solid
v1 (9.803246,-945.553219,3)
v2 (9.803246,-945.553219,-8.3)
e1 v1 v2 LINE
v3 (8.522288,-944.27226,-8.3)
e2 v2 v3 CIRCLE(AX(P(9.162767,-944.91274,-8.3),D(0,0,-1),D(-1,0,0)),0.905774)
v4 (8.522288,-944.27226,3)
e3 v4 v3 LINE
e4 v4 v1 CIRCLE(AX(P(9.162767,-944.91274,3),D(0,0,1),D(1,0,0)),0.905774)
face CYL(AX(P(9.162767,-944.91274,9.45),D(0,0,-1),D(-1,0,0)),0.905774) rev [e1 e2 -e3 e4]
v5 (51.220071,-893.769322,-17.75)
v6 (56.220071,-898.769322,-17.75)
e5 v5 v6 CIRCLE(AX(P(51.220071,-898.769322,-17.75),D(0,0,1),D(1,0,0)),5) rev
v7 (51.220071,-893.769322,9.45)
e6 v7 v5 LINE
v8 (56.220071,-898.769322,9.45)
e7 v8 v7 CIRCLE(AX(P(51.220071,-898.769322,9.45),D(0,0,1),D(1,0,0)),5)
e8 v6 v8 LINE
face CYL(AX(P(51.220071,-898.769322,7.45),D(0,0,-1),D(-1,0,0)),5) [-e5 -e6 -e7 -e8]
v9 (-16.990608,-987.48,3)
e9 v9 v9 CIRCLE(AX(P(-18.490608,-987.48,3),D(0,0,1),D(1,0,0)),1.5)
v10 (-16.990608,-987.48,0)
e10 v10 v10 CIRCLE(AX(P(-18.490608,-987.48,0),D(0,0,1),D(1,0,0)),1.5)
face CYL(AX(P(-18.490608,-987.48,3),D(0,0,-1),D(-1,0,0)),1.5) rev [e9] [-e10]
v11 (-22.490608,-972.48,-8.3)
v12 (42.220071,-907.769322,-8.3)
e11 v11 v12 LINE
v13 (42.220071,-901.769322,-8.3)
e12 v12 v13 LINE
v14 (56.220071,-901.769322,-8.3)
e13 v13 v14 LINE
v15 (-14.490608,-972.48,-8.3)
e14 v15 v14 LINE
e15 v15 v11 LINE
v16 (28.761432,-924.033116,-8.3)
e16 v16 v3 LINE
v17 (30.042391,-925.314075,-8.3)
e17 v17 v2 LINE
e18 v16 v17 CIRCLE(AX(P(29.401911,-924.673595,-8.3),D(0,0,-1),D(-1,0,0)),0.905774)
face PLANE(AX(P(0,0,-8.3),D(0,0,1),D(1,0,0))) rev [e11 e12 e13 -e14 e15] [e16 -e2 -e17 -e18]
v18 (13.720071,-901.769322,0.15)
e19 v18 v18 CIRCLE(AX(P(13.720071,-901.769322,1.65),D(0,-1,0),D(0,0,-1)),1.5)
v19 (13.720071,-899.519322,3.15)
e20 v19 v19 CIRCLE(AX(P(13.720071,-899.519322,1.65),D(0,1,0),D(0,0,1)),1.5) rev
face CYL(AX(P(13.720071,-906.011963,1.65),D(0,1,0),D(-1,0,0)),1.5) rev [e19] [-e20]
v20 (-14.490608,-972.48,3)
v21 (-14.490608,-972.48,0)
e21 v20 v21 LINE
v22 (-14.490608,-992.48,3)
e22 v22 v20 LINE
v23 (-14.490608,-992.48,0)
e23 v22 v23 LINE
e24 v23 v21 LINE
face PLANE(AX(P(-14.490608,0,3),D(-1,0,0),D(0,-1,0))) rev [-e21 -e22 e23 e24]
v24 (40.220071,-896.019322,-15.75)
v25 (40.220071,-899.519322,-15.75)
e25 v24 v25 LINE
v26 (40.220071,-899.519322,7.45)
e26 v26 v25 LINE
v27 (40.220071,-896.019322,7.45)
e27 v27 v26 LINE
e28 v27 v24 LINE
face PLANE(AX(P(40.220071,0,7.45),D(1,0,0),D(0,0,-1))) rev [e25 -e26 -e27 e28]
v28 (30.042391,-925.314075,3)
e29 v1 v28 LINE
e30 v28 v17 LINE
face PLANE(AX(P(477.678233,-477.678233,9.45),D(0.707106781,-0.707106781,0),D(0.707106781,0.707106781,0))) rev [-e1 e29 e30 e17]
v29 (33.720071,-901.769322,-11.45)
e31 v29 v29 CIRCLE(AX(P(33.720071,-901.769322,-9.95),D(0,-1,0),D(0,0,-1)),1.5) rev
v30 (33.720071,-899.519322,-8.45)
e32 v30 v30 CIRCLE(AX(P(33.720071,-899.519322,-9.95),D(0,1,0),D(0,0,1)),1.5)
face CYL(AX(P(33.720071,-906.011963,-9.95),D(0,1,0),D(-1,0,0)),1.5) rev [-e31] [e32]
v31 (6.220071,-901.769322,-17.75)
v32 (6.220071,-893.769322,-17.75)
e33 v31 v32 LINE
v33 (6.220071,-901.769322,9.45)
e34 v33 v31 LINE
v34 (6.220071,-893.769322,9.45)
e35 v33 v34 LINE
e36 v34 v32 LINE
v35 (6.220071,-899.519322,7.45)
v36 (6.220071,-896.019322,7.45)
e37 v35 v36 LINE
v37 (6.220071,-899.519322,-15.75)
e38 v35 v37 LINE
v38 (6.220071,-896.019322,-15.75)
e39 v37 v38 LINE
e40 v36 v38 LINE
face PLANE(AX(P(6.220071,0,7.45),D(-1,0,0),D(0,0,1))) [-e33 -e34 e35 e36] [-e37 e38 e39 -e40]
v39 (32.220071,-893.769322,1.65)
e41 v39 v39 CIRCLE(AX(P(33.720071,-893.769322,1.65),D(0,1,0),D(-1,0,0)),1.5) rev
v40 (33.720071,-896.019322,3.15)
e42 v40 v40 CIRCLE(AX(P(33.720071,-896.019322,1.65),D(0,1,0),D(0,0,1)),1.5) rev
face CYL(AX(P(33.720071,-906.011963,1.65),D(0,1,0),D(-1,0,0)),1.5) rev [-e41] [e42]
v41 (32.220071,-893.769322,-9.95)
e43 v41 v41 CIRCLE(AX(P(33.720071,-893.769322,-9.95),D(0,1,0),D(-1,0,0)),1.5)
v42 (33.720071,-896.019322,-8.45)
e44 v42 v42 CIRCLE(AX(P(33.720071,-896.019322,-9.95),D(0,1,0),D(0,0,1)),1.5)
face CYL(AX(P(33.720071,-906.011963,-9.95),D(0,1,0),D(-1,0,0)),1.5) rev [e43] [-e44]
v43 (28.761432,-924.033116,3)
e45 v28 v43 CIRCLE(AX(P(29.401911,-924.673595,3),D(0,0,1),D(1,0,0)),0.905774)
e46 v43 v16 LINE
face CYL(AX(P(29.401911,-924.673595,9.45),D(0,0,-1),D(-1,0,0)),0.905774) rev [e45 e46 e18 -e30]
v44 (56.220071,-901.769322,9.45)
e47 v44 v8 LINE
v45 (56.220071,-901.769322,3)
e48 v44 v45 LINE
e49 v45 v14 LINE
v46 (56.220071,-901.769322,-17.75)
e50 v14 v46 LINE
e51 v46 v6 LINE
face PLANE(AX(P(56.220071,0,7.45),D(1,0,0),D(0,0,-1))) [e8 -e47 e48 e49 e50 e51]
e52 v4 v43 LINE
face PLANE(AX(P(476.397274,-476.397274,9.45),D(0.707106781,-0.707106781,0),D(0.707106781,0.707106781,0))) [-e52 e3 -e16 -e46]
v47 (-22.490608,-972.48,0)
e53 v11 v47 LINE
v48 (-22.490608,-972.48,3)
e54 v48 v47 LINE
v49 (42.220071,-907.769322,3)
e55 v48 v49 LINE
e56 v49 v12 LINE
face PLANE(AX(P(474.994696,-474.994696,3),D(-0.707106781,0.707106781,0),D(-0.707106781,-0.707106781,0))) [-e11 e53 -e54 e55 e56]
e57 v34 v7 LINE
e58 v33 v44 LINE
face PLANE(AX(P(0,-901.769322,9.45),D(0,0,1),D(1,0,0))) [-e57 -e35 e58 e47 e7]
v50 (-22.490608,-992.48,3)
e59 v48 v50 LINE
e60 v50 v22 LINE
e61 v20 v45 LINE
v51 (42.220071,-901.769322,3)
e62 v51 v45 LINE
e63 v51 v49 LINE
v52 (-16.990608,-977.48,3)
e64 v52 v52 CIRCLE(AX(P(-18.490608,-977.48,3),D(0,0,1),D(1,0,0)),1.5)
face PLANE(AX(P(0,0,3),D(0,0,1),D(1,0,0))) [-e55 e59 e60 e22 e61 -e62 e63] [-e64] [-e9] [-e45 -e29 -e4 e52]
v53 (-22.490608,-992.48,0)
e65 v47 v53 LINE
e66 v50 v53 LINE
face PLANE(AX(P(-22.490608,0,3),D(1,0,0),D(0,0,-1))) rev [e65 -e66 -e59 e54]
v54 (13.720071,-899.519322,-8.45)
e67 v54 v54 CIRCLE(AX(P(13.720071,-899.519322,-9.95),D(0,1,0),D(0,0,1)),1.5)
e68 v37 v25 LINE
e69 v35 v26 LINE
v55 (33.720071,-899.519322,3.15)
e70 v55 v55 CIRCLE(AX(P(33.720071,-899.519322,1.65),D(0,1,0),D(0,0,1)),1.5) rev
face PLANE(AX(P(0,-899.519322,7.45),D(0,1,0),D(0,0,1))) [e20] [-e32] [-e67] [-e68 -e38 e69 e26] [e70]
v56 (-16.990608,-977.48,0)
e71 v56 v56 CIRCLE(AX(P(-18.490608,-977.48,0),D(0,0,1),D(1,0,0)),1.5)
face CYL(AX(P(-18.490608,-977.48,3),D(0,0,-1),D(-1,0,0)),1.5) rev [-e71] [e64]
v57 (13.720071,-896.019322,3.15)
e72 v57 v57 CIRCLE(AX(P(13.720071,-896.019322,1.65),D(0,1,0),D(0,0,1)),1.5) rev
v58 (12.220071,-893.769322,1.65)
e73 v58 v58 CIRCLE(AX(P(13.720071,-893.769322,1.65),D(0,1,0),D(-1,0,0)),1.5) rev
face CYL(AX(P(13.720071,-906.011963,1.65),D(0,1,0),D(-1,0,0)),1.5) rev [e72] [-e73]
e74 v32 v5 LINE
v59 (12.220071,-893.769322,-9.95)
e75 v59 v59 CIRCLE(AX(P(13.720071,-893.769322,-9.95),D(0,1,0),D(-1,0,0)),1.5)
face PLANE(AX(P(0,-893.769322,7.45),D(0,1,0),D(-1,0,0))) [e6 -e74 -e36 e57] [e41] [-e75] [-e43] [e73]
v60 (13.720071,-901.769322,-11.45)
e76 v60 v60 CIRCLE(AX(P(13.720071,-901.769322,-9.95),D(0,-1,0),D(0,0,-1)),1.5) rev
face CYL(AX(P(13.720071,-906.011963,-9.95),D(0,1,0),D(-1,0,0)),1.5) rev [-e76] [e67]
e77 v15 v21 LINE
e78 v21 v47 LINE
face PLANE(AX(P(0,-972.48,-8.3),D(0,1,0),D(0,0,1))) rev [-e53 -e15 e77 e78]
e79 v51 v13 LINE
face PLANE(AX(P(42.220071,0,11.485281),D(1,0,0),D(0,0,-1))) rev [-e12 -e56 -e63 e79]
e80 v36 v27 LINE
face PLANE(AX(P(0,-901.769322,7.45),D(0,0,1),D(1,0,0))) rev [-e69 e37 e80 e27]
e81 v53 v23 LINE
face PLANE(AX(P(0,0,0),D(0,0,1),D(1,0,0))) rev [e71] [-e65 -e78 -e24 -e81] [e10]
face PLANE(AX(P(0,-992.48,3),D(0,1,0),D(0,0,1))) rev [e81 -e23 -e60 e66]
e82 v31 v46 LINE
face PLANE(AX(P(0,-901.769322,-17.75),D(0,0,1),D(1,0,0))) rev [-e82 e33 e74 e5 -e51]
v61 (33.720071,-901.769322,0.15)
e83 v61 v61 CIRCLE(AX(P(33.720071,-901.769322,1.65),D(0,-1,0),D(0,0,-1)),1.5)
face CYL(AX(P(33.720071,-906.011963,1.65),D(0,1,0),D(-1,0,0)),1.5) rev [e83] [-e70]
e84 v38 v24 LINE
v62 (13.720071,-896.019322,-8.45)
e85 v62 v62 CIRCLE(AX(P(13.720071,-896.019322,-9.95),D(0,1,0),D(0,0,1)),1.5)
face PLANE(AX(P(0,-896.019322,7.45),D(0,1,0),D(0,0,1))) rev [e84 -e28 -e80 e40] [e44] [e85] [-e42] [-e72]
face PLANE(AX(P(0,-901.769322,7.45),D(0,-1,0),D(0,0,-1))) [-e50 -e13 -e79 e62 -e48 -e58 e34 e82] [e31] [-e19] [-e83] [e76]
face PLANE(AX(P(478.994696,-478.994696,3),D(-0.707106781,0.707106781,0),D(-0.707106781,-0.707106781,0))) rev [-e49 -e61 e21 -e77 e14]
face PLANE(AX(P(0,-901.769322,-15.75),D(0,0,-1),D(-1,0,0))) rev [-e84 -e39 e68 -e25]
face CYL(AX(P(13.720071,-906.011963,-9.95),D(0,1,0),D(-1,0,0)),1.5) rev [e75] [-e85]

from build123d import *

# Parameters (mm, degrees)
CROQUIS1_W                          = 8
CROQUIS1_H                          = 20
CROQUIS1_R                          = 1.5
SALIENTE_EXTRUIR1_DEPTH             = 3
SALIENTE_EXTRUIR2_DEPTH             = 8.3
CROQUIS2_W                          = 16
CROQUIS2_H                          = 3.5
SALIENTE_EXTRUIR3_DEPTH             = 11.6
SALIENTE_EXTRUIR5_REACH             = 150.418
SALIENTE_EXTRUIR5_DIRECTION_2_REACH = 150.418
SALIENTE_EXTRUIR6_START             = -8
CROQUIS3_W                          = 50
CROQUIS3_H                          = 2
SALIENTE_EXTRUIR6_DEPTH             = 8
CORTAR_EXTRUIR1_REACH               = 116.976
CROQUIS3_3_R                        = 1.5
REDONDEO1_R                         = 5
CORTAR_EXTRUIR2_DEPTH               = 995.229505316


with BuildPart() as part:
    # Croquis1 → Saliente-Extruir1 (new body)
    # profile 1 of 2: a face of its own
    with BuildSketch(Plane.XY):
        with Locations((-18.490607503, -982.48)):
            Rectangle(CROQUIS1_W, CROQUIS1_H)
        with Locations((-18.490607503, -987.48)):
            Circle(CROQUIS1_R, mode=Mode.SUBTRACT)
        with Locations((-18.490607503, -977.48)):
            Circle(CROQUIS1_R, mode=Mode.SUBTRACT)
    # profile 2 of 2: a face of its own
    with BuildSketch(Plane.XY):
        Polygon((42.220070616, -907.769321881), (-22.490607503, -972.48), (-14.490607503, -972.48), (56.220070616, -901.769321881), (48.220070616, -901.769321881), align=None)
    extrude(amount=SALIENTE_EXTRUIR1_DEPTH)

    # Croquis1<5> → Saliente-Extruir2 (add)
    with BuildSketch(Plane.XY):
        Polygon((42.220070616, -907.769321881), (-22.490607503, -972.48), (-14.490607503, -972.48), (56.220070616, -901.769321881), (48.220070616, -901.769321881), align=None)
    extrude(amount=-SALIENTE_EXTRUIR2_DEPTH)

    # Croquis2 → Saliente-Extruir3 (add, symmetric)
    with BuildSketch(Plane(origin=(-26.288644344, -1016.59343949, -4.15), x_dir=(1, 0, 0), z_dir=(0, 0, 1))):
        Polygon((68.50871496, 114.824117609), (74.50871496, 114.824117609), (82.50871496, 114.824117609), (82.50871496, 117.074117609), (66.50871496, 117.074117609), (32.50871496, 117.074117609), (32.50871496, 114.824117609), align=None)
        with Locations((74.50871496, 118.824117609)):
            Rectangle(CROQUIS2_W, CROQUIS2_H)
        Polygon((66.50871496, 120.574117609), (82.50871496, 120.574117609), (82.50871496, 122.824117609), (32.50871496, 122.824117609), (32.50871496, 120.574117609), align=None)
    extrude(amount=SALIENTE_EXTRUIR3_DEPTH, both=True)

    # Saliente-Extruir5: up to this face of the body (flat: up to its plane)
    saliente_extruir5_end = Plane(part.part.faces().sort_by_distance((9.617113618, -946.422214796, 3))[0])
    # Croquis2<4> → Saliente-Extruir5 (add, up to the picked face)
    with BuildSketch(Plane(origin=(-26.288644344, -1016.59343949, -4.15), x_dir=(1, 0, 0), z_dir=(0, 0, 1)), mode=Mode.PRIVATE) as saliente_extruir5_sk1:
        Polygon((68.50871496, 114.824117609), (68.50871496, 108.824117609), (74.50871496, 114.824117609), align=None)
    saliente_extruir5_tool1 = split(extrude(saliente_extruir5_sk1.sketch, amount=SALIENTE_EXTRUIR5_REACH, mode=Mode.PRIVATE), bisect_by=saliente_extruir5_end, keep=Keep.BOTH, mode=Mode.PRIVATE)
    add(saliente_extruir5_tool1.solids().sort_by(Axis((44.220071, -903.769322, -4.15), (0, 0, 1)))[0])

    # Saliente-Extruir5 direction 2: up to this face of the body (flat: up to its plane)
    saliente_extruir5_direction_2_end = Plane(part.part.faces().sort_by_distance((16.864731556, -937.124660941, -8.3))[0])
    # Croquis2<4> → Saliente-Extruir5 direction 2 (add, up to the picked face)
    with BuildSketch(Plane(origin=(-26.288644344, -1016.59343949, -4.15), x_dir=(1, 0, 0), z_dir=(0, 0, 1)), mode=Mode.PRIVATE) as saliente_extruir5_direction_2_sk1:
        Polygon((68.50871496, 114.824117609), (68.50871496, 108.824117609), (74.50871496, 114.824117609), align=None)
    saliente_extruir5_direction_2_tool1 = split(extrude(saliente_extruir5_direction_2_sk1.sketch, amount=-SALIENTE_EXTRUIR5_DIRECTION_2_REACH, mode=Mode.PRIVATE), bisect_by=saliente_extruir5_direction_2_end, keep=Keep.BOTH, mode=Mode.PRIVATE)
    add(saliente_extruir5_direction_2_tool1.solids().sort_by(Axis((44.220071, -903.769322, -4.15), (0, 0, -1)))[0])

    # Croquis3 → Saliente-Extruir6 (add)
    with BuildSketch(Plane(origin=(0, -893.769321881, 0), x_dir=(1, 0, 0), z_dir=(0, 1, 0)).offset(SALIENTE_EXTRUIR6_START)):
        with Locations((31.220070616, 16.75)):
            Rectangle(CROQUIS3_W, CROQUIS3_H)
        with Locations((31.220070616, -8.45)):
            Rectangle(CROQUIS3_W, CROQUIS3_H)
    extrude(amount=SALIENTE_EXTRUIR6_DEPTH)

    # Cortar-Extruir1: up to this face of the body (flat: up to its plane)
    cortar_extruir1_end = Plane(part.part.faces().sort_by_distance((28.850624784, -901.769321881, -4.347453819))[0])
    # Croquis3<3> → Cortar-Extruir1 (cut, up to the picked face)
    with BuildSketch(Plane(origin=(0, -893.769321881, 0), x_dir=(1, 0, 0), z_dir=(0, 1, 0)), mode=Mode.PRIVATE) as cortar_extruir1_sk1:
        with Locations(Location((13.720070616, -1.65, 0), (0, 0, 270))):
            Circle(CROQUIS3_3_R)
    cortar_extruir1_tool1 = split(extrude(cortar_extruir1_sk1.sketch, amount=-CORTAR_EXTRUIR1_REACH, mode=Mode.PRIVATE), bisect_by=cortar_extruir1_end, keep=Keep.BOTH, mode=Mode.PRIVATE)
    # Croquis3<3> → Cortar-Extruir1 (cut, up to the picked face)
    with BuildSketch(Plane(origin=(0, -893.769321881, 0), x_dir=(1, 0, 0), z_dir=(0, 1, 0)), mode=Mode.PRIVATE) as cortar_extruir1_sk2:
        with Locations(Location((33.720070616, 9.95, 0), (0, 0, 270))):
            Circle(CROQUIS3_3_R)
    cortar_extruir1_tool2 = split(extrude(cortar_extruir1_sk2.sketch, amount=-CORTAR_EXTRUIR1_REACH, mode=Mode.PRIVATE), bisect_by=cortar_extruir1_end, keep=Keep.BOTH, mode=Mode.PRIVATE)
    # Croquis3<3> → Cortar-Extruir1 (cut, up to the picked face)
    with BuildSketch(Plane(origin=(0, -893.769321881, 0), x_dir=(1, 0, 0), z_dir=(0, 1, 0)), mode=Mode.PRIVATE) as cortar_extruir1_sk3:
        with Locations(Location((33.720070616, -1.65, 0), (0, 0, 270))):
            Circle(CROQUIS3_3_R)
    cortar_extruir1_tool3 = split(extrude(cortar_extruir1_sk3.sketch, amount=-CORTAR_EXTRUIR1_REACH, mode=Mode.PRIVATE), bisect_by=cortar_extruir1_end, keep=Keep.BOTH, mode=Mode.PRIVATE)
    # Croquis3<3> → Cortar-Extruir1 (cut, up to the picked face)
    with BuildSketch(Plane(origin=(0, -893.769321881, 0), x_dir=(1, 0, 0), z_dir=(0, 1, 0)), mode=Mode.PRIVATE) as cortar_extruir1_sk4:
        with Locations(Location((13.720070616, 9.95, 0), (0, 0, 270))):
            Circle(CROQUIS3_3_R)
    cortar_extruir1_tool4 = split(extrude(cortar_extruir1_sk4.sketch, amount=-CORTAR_EXTRUIR1_REACH, mode=Mode.PRIVATE), bisect_by=cortar_extruir1_end, keep=Keep.BOTH, mode=Mode.PRIVATE)
    add(cortar_extruir1_tool1.solids().sort_by(Axis((13.720071, -893.769322, 1.65), (0, -1, 0)))[0], mode=Mode.SUBTRACT)
    add(cortar_extruir1_tool2.solids().sort_by(Axis((33.720071, -893.769322, -9.95), (0, -1, 0)))[0], mode=Mode.SUBTRACT)
    add(cortar_extruir1_tool3.solids().sort_by(Axis((33.720071, -893.769322, 1.65), (0, -1, 0)))[0], mode=Mode.SUBTRACT)
    add(cortar_extruir1_tool4.solids().sort_by(Axis((13.720071, -893.769322, -9.95), (0, -1, 0)))[0], mode=Mode.SUBTRACT)

    # Redondeo1
    redondeo1_edges = [part.edges().sort_by_distance(p)[0] for p in [
        (56.220070616, -893.769321881, -4.15),
    ]]
    fillet(redondeo1_edges, radius=REDONDEO1_R)

    # Croquis4 → Cortar-Extruir2 (cut, through all)
    with BuildSketch(Plane(origin=(0, 0, -8.3), x_dir=(-1, 0, 0), z_dir=(0, 0, -1))):
        with BuildLine():
            Line((-30.042390628, -924.033116126), (-8.522287998, -945.553218756))
            ThreePointArc((-8.522287998, -945.553218756), (-8.256992809, -944.912739511), (-8.522287998, -944.272260266))
            Line((-8.522287998, -944.272260266), (-28.761432138, -924.033116126))
            ThreePointArc((-28.761432138, -924.033116126), (-29.401911383, -923.767820936), (-30.042390628, -924.033116126))
        make_face()
        with BuildLine():
            ThreePointArc((-9.803246488, -945.553218756), (-9.162767243, -945.818513946), (-8.522287998, -945.553218756))
            Line((-8.522287998, -945.553218756), (-30.042390628, -924.033116126))
            ThreePointArc((-30.042390628, -924.033116126), (-30.307685818, -924.673595371), (-30.042390628, -925.314074616))
            Line((-30.042390628, -925.314074616), (-9.803246488, -945.553218756))
        make_face()
    extrude(amount=-CORTAR_EXTRUIR2_DEPTH, mode=Mode.SUBTRACT)


solid = part.part
